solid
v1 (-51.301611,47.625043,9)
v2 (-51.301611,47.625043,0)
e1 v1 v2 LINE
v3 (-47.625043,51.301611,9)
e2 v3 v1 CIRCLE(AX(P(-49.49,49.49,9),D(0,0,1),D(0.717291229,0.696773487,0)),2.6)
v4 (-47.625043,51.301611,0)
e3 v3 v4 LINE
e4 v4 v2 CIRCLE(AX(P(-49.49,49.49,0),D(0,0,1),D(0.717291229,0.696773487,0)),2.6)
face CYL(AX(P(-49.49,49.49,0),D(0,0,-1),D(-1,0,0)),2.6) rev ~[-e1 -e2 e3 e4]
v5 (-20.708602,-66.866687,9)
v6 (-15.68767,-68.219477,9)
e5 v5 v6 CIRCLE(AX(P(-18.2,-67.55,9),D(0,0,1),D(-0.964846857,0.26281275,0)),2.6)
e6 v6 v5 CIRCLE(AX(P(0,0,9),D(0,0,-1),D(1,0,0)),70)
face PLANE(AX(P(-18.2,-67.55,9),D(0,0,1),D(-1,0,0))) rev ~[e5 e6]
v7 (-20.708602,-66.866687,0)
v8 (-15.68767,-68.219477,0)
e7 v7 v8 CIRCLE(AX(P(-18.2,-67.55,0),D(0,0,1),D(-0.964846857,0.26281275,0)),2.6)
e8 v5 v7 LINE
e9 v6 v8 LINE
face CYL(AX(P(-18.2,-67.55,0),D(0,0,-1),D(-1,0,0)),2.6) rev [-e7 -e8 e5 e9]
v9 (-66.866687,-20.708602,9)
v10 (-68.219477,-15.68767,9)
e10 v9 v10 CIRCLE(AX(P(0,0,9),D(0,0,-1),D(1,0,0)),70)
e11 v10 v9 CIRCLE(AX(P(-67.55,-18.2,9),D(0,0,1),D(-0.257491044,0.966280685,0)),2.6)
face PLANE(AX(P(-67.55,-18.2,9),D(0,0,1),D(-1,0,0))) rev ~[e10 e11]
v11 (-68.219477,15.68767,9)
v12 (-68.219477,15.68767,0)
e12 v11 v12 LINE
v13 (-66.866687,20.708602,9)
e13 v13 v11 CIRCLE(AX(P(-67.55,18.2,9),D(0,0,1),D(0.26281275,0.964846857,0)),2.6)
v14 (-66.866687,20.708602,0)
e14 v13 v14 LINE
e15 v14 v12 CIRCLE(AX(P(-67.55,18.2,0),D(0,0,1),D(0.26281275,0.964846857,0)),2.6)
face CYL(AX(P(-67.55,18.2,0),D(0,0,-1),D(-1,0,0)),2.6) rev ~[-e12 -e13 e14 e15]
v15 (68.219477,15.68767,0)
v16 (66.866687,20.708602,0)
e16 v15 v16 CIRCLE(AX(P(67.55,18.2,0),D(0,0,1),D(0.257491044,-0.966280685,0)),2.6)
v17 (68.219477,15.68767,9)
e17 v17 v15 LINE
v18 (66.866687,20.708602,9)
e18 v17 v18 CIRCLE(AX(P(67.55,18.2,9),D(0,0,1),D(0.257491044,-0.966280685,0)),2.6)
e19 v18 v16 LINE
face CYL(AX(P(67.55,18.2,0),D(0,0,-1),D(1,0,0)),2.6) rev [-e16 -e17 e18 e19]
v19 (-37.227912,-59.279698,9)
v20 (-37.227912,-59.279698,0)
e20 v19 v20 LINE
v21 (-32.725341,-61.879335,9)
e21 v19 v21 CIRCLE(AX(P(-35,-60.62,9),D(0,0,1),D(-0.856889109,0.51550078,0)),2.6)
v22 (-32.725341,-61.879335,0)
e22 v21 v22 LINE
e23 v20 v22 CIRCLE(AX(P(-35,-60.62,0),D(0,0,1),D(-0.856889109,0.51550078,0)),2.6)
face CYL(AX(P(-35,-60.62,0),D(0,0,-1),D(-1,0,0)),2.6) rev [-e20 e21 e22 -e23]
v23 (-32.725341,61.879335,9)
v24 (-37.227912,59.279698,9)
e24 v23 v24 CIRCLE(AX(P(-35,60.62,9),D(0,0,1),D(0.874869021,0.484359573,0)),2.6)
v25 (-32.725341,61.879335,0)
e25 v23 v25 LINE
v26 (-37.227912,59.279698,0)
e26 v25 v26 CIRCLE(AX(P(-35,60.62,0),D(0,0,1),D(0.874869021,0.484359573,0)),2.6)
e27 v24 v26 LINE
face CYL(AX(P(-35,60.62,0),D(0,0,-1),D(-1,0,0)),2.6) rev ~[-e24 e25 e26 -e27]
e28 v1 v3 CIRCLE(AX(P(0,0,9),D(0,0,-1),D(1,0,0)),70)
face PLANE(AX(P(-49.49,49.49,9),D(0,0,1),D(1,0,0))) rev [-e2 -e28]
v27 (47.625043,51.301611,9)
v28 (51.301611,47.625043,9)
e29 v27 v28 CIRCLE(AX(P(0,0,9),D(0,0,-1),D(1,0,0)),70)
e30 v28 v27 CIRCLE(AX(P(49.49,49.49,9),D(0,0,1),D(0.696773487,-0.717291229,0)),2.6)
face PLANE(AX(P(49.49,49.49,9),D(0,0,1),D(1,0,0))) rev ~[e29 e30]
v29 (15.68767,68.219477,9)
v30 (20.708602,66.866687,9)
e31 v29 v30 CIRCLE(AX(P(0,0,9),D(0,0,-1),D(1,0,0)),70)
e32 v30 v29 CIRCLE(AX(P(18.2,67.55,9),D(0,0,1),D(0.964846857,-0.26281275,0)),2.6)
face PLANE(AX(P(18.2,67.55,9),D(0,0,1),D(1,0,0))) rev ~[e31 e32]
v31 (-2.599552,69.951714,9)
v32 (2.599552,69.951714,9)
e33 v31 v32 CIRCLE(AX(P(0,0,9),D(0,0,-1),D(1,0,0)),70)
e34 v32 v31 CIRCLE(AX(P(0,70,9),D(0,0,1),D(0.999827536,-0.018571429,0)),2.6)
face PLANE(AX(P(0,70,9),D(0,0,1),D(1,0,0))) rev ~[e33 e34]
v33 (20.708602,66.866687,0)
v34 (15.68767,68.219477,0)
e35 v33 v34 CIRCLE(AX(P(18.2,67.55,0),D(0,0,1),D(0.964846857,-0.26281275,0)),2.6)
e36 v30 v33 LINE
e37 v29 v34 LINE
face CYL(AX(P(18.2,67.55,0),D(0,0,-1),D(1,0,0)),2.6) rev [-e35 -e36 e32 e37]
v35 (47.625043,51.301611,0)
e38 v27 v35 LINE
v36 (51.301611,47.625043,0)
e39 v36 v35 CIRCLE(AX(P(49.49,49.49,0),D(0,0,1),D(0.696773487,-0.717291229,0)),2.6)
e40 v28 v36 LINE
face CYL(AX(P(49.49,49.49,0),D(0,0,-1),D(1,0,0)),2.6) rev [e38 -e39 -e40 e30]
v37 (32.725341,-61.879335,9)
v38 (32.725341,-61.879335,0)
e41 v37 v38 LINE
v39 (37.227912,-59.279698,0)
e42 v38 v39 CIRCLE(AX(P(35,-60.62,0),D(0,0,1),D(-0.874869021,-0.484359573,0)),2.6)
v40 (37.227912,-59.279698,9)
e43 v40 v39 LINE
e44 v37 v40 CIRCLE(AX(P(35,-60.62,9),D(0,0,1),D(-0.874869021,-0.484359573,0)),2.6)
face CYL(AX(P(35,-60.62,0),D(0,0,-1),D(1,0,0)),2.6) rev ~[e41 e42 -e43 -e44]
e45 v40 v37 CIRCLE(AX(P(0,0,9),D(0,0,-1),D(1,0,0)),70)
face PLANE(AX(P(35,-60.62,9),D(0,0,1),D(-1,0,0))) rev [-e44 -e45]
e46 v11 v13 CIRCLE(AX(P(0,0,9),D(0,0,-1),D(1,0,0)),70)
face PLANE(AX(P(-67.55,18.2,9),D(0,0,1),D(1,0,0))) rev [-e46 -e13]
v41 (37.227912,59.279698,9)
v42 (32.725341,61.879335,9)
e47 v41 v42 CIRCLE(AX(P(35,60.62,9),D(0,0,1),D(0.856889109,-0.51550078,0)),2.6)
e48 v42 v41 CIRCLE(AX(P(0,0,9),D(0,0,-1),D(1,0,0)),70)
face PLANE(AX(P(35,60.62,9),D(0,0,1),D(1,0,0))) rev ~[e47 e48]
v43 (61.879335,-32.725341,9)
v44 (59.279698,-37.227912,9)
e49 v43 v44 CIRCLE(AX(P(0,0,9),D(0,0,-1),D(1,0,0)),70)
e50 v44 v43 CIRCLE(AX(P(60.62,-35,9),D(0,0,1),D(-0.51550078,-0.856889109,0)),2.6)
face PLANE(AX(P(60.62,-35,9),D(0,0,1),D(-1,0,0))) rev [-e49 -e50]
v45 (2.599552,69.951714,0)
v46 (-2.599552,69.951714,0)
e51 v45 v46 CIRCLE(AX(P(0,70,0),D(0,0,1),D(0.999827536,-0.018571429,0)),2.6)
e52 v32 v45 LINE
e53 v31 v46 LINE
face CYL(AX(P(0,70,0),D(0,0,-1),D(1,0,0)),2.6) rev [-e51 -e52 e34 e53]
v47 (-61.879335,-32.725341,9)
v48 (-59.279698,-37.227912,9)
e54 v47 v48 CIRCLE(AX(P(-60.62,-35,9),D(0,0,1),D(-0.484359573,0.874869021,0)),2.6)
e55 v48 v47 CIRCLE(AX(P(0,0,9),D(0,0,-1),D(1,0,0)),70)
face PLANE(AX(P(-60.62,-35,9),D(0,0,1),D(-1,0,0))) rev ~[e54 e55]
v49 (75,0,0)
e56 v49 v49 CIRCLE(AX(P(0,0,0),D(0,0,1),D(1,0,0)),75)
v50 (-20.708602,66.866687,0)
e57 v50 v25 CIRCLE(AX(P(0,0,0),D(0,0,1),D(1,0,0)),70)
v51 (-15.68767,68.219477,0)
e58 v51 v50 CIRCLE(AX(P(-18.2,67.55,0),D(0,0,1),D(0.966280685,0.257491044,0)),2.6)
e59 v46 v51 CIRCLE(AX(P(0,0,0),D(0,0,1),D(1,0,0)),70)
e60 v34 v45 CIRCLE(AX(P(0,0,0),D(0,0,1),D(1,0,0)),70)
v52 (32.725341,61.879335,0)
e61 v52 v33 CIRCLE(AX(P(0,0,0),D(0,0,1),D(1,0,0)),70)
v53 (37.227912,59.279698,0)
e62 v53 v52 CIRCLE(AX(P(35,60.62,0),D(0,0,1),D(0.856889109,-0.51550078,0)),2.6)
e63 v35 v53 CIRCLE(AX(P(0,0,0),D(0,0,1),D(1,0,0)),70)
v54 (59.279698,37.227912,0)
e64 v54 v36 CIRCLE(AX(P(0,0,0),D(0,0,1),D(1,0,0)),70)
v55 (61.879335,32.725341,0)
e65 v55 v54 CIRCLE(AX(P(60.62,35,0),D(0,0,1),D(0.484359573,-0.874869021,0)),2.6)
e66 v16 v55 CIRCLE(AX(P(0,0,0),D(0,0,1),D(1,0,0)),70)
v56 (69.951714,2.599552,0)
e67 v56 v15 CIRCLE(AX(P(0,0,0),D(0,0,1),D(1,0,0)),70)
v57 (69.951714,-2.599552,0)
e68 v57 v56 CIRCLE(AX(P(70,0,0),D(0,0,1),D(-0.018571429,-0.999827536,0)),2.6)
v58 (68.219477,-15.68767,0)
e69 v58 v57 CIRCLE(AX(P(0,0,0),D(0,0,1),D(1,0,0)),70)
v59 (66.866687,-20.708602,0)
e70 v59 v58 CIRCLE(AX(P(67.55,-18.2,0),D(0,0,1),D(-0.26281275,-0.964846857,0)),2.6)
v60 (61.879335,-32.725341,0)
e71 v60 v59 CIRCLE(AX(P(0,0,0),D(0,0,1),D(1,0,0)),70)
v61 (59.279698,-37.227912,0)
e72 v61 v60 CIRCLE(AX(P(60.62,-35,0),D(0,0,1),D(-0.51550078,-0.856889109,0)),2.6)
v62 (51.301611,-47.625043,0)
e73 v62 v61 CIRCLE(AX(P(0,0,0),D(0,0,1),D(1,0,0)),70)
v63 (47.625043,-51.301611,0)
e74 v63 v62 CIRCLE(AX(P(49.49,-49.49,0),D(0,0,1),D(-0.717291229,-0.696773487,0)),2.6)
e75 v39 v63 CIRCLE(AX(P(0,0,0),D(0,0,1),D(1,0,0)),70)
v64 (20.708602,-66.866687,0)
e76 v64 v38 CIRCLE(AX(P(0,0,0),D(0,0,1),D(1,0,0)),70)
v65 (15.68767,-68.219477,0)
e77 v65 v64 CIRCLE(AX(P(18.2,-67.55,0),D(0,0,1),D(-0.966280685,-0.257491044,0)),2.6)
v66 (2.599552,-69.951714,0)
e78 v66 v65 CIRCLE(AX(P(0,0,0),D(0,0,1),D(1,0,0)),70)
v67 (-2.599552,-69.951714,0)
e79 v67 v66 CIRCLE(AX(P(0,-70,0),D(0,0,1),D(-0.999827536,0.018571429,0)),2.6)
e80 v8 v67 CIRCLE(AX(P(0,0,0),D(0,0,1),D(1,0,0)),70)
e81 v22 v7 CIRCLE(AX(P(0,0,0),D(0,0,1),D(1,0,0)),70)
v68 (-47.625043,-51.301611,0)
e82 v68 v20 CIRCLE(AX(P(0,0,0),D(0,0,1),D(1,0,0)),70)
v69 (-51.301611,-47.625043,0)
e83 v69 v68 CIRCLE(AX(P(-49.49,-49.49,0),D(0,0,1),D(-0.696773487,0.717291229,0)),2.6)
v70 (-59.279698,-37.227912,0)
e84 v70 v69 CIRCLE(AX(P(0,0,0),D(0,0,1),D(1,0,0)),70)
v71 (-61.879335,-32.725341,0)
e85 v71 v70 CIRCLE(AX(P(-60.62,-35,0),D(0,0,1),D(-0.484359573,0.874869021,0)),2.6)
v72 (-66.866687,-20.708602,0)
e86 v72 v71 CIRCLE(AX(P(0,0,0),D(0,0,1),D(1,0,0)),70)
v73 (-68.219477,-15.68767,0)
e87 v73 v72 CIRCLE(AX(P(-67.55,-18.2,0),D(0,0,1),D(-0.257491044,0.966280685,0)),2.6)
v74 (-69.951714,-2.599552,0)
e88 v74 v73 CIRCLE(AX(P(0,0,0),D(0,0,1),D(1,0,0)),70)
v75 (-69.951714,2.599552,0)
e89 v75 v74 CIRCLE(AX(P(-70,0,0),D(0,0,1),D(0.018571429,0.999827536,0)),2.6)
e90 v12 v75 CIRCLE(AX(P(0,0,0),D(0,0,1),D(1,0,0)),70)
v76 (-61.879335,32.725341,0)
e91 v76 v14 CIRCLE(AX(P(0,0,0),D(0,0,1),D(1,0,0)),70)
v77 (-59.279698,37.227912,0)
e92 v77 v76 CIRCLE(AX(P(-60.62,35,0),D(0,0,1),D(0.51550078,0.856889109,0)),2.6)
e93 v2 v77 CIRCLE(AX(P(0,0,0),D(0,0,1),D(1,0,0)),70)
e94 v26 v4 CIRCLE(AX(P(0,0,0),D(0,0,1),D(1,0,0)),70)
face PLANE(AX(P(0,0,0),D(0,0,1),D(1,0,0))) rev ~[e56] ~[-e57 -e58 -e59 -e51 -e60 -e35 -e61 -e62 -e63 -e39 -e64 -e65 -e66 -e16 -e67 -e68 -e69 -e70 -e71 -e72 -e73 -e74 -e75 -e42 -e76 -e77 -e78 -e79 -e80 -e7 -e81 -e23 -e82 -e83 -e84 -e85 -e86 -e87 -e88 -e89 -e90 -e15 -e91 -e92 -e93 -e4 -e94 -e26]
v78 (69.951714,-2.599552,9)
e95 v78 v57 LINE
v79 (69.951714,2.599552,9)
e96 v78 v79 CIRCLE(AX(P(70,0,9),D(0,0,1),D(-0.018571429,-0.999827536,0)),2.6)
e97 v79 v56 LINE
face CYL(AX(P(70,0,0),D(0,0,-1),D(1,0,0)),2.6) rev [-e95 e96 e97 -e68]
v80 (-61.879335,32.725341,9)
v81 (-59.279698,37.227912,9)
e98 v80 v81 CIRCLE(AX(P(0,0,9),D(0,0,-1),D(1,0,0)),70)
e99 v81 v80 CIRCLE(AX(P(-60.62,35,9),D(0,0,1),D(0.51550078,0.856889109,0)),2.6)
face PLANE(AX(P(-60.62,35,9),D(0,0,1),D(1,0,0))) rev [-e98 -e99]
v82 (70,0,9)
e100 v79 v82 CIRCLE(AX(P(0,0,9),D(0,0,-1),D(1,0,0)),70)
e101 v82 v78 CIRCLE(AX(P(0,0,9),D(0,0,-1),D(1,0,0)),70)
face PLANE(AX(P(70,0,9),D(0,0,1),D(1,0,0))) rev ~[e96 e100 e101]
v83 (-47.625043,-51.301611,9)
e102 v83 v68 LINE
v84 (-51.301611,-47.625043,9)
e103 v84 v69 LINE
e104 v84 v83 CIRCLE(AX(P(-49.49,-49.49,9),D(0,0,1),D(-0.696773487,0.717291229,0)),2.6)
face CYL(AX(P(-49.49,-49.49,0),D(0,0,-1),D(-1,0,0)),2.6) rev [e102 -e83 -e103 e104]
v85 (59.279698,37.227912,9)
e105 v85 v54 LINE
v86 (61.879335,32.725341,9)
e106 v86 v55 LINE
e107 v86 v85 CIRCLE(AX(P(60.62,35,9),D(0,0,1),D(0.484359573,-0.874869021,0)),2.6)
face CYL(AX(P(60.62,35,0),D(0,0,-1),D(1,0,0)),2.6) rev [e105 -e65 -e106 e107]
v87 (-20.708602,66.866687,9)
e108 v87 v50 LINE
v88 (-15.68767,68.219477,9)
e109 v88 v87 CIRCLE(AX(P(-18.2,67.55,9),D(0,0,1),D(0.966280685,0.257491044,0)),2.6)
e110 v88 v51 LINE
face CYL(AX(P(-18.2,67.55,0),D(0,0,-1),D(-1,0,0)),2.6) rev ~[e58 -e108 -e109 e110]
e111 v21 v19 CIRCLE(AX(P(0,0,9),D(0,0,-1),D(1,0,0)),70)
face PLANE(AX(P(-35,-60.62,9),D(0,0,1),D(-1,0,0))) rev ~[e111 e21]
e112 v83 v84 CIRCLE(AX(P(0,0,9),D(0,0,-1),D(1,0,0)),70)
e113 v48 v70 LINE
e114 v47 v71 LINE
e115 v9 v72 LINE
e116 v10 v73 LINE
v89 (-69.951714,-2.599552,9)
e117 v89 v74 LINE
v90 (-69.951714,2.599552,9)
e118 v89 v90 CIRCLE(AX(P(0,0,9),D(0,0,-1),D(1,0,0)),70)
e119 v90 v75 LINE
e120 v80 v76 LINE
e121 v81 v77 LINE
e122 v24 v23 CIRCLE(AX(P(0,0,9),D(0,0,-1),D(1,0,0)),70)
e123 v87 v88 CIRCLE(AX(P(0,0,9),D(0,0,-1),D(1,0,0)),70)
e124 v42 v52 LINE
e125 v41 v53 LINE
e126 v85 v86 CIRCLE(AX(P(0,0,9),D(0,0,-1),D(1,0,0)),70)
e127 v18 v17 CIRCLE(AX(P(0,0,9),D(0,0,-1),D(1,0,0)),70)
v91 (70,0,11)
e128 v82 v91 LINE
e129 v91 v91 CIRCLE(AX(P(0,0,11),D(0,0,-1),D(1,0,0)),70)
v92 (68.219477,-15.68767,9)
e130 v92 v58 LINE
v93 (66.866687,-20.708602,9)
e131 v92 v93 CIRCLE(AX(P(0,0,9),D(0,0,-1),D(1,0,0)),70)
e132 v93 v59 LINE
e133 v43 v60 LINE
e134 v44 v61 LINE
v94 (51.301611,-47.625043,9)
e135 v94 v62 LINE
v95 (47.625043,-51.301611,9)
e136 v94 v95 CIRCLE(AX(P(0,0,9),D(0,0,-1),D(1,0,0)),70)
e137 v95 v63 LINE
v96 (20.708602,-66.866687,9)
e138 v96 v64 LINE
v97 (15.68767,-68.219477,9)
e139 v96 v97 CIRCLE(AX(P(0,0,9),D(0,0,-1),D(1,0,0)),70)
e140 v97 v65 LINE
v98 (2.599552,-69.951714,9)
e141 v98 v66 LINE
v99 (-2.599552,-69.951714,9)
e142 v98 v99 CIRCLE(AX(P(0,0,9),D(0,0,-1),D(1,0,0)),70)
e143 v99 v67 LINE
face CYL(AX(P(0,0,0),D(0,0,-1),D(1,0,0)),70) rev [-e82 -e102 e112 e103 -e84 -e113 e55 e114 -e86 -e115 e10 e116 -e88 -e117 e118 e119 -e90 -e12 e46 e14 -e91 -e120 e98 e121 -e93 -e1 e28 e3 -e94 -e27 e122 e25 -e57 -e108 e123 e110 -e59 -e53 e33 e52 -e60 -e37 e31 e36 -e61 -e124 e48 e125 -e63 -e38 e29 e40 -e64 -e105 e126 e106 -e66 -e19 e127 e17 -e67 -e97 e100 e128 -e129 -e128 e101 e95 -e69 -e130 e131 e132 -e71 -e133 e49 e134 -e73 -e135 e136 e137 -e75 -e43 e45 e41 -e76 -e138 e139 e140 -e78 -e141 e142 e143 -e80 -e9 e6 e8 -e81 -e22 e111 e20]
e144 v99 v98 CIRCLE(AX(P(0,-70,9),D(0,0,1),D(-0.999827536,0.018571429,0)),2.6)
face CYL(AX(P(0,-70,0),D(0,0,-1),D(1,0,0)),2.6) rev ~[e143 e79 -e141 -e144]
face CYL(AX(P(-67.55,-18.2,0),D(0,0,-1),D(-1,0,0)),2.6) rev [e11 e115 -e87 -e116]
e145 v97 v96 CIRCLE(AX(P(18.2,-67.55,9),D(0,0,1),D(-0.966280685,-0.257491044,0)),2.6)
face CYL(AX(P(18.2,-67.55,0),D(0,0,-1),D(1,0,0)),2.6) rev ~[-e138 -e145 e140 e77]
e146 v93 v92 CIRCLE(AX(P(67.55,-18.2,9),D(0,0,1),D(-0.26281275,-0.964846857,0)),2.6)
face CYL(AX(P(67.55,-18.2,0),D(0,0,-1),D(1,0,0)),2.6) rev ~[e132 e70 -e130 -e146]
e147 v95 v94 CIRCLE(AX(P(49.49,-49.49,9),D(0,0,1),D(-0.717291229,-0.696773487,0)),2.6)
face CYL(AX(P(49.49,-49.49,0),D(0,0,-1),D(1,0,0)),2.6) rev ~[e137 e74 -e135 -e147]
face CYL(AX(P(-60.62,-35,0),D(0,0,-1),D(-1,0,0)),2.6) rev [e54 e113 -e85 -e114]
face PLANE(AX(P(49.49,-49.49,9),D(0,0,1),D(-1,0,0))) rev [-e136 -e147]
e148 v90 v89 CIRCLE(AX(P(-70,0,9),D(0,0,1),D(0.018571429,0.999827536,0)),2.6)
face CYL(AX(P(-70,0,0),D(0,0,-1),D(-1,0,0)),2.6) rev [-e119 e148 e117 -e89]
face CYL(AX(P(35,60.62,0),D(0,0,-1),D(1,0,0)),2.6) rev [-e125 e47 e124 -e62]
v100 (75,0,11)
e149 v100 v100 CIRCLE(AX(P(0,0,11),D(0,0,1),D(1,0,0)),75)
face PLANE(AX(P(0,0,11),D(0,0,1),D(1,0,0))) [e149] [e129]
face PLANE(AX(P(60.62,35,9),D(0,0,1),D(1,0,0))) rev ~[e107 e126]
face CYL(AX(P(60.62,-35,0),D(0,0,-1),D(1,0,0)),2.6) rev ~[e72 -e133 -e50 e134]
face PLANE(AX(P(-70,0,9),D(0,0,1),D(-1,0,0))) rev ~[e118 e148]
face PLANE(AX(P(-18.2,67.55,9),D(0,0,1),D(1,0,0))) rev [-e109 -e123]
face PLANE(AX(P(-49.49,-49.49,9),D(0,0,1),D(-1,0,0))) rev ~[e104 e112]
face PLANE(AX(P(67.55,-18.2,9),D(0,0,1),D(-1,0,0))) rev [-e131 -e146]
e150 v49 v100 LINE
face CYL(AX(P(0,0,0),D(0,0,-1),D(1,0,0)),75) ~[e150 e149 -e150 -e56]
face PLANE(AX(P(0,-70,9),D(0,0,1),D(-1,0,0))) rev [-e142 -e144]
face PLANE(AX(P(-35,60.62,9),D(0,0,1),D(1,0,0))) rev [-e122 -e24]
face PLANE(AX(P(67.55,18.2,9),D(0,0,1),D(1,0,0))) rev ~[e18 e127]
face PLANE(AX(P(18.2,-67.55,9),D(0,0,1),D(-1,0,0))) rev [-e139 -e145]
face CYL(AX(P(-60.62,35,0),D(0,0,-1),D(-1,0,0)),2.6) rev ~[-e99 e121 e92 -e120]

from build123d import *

# Parameters (mm, degrees)
CYLINDER001_R                    = 2.6
CYLINDER001_DEPTH                = 9
CYLINDER001002001_R              = 2.6
CYLINDER001002001_DEPTH          = 9
CYLINDER001002001001_R           = 2.6
CYLINDER001002001001_DEPTH       = 9
CYLINDER001002001001001_R        = 2.6
CYLINDER001002001001001_DEPTH    = 9
CYLINDER001002001001001001_R     = 2.6
CYLINDER001002001001001001_DEPTH = 9
CYLINDER001002_R                 = 2.6
CYLINDER001002_DEPTH             = 9
CYLINDER001001_R                 = 2.6
CYLINDER001001_DEPTH             = 9
CYLINDER_R                       = 70
CYLINDER_DEPTH                   = 20
CYLINDER002_R                    = 75
CYLINDER002_DEPTH                = 11


with BuildPart() as pole1:
    # Cylinder001 → Cylinder001 (new body)
    with BuildSketch(Plane(origin=(70, 0, 0), x_dir=(1, 0, 0), z_dir=(0, 0, 1))):
        Circle(CYLINDER001_R)
    extrude(amount=CYLINDER001_DEPTH)


with BuildPart() as pole2:
    # Cylinder001002001 → Cylinder001002001 (new body)
    with BuildSketch(Plane(origin=(67.55, 18.2, 0), x_dir=(1, 0, 0), z_dir=(0, 0, 1))):
        Circle(CYLINDER001002001_R)
    extrude(amount=CYLINDER001002001_DEPTH)


with BuildPart() as pole003:
    # Cylinder001002001001 → Cylinder001002001001 (new body)
    with BuildSketch(Plane(origin=(60.62, 35, 0), x_dir=(1, 0, 0), z_dir=(0, 0, 1))):
        Circle(CYLINDER001002001001_R)
    extrude(amount=CYLINDER001002001001_DEPTH)


with BuildPart() as pole004:
    # Cylinder001002001001001 → Cylinder001002001001001 (new body)
    with BuildSketch(Plane(origin=(49.49, 49.49, 0), x_dir=(1, 0, 0), z_dir=(0, 0, 1))):
        Circle(CYLINDER001002001001001_R)
    extrude(amount=CYLINDER001002001001001_DEPTH)


with BuildPart() as pole005:
    # Cylinder001002001001001001 → Cylinder001002001001001001 (new body)
    with BuildSketch(Plane(origin=(35, 60.62, 0), x_dir=(1, 0, 0), z_dir=(0, 0, 1))):
        Circle(CYLINDER001002001001001001_R)
    extrude(amount=CYLINDER001002001001001001_DEPTH)


with BuildPart() as pole006:
    # Cylinder001002 → Cylinder001002 (new body)
    with BuildSketch(Plane(origin=(18.2, 67.55, 0), x_dir=(1, 0, 0), z_dir=(0, 0, 1))):
        Circle(CYLINDER001002_R)
    extrude(amount=CYLINDER001002_DEPTH)


with BuildPart() as fusion:
    # Cylinder001001 → Cylinder001001 (new body)
    with BuildSketch(Plane(origin=(0, 70, 0), x_dir=(1, 0, 0), z_dir=(0, 0, 1))):
        Circle(CYLINDER001001_R)
    extrude(amount=CYLINDER001001_DEPTH)

    # Fusion: union pole1, pole2, pole003, pole004, pole005, pole006
    add(pole1.part)
    add(pole2.part)
    add(pole003.part)
    add(pole004.part)
    add(pole005.part)
    add(pole006.part)


with BuildPart() as part_mirroring:
    # Part__Mirroring: instance of Fusion
    add(fusion.part.mirror(Plane(origin=(0, 0, 0), x_dir=(1, 0, 0), z_dir=(0, 1, 0))))


with BuildPart() as part_mirroring001:
    # Part__Mirroring001: instance of Part__Mirroring
    add(part_mirroring.part.mirror(Plane(origin=(0, 0, 0), x_dir=(0, -1, 0), z_dir=(1, 0, 0))))


with BuildPart() as part_mirroring002:
    # Part__Mirroring002: instance of Part__Mirroring001
    add(part_mirroring001.part.mirror(Plane(origin=(0, 0, 0), x_dir=(1, 0, 0), z_dir=(0, 1, 0))))


with BuildPart() as fusion001:
    # Fusion001 base: copy of Fusion
    add(fusion.part)

    # Fusion001: union Part__Mirroring, Part__Mirroring001, Part__Mirroring002
    add(part_mirroring.part)
    add(part_mirroring001.part)
    add(part_mirroring002.part)


with BuildPart() as cylinder:
    # Cylinder → Cylinder (new body)
    with BuildSketch(Plane.XY):
        Circle(CYLINDER_R)
    extrude(amount=CYLINDER_DEPTH)


with BuildPart() as cut001:
    # Cylinder002 → Cylinder002 (new body)
    with BuildSketch(Plane.XY):
        Circle(CYLINDER002_R)
    extrude(amount=CYLINDER002_DEPTH)

    # Cut: cut Cylinder
    add(cylinder.part, mode=Mode.SUBTRACT)

    # Cut001: cut Fusion001
    add(fusion001.part, mode=Mode.SUBTRACT)


solid = cut001.part
